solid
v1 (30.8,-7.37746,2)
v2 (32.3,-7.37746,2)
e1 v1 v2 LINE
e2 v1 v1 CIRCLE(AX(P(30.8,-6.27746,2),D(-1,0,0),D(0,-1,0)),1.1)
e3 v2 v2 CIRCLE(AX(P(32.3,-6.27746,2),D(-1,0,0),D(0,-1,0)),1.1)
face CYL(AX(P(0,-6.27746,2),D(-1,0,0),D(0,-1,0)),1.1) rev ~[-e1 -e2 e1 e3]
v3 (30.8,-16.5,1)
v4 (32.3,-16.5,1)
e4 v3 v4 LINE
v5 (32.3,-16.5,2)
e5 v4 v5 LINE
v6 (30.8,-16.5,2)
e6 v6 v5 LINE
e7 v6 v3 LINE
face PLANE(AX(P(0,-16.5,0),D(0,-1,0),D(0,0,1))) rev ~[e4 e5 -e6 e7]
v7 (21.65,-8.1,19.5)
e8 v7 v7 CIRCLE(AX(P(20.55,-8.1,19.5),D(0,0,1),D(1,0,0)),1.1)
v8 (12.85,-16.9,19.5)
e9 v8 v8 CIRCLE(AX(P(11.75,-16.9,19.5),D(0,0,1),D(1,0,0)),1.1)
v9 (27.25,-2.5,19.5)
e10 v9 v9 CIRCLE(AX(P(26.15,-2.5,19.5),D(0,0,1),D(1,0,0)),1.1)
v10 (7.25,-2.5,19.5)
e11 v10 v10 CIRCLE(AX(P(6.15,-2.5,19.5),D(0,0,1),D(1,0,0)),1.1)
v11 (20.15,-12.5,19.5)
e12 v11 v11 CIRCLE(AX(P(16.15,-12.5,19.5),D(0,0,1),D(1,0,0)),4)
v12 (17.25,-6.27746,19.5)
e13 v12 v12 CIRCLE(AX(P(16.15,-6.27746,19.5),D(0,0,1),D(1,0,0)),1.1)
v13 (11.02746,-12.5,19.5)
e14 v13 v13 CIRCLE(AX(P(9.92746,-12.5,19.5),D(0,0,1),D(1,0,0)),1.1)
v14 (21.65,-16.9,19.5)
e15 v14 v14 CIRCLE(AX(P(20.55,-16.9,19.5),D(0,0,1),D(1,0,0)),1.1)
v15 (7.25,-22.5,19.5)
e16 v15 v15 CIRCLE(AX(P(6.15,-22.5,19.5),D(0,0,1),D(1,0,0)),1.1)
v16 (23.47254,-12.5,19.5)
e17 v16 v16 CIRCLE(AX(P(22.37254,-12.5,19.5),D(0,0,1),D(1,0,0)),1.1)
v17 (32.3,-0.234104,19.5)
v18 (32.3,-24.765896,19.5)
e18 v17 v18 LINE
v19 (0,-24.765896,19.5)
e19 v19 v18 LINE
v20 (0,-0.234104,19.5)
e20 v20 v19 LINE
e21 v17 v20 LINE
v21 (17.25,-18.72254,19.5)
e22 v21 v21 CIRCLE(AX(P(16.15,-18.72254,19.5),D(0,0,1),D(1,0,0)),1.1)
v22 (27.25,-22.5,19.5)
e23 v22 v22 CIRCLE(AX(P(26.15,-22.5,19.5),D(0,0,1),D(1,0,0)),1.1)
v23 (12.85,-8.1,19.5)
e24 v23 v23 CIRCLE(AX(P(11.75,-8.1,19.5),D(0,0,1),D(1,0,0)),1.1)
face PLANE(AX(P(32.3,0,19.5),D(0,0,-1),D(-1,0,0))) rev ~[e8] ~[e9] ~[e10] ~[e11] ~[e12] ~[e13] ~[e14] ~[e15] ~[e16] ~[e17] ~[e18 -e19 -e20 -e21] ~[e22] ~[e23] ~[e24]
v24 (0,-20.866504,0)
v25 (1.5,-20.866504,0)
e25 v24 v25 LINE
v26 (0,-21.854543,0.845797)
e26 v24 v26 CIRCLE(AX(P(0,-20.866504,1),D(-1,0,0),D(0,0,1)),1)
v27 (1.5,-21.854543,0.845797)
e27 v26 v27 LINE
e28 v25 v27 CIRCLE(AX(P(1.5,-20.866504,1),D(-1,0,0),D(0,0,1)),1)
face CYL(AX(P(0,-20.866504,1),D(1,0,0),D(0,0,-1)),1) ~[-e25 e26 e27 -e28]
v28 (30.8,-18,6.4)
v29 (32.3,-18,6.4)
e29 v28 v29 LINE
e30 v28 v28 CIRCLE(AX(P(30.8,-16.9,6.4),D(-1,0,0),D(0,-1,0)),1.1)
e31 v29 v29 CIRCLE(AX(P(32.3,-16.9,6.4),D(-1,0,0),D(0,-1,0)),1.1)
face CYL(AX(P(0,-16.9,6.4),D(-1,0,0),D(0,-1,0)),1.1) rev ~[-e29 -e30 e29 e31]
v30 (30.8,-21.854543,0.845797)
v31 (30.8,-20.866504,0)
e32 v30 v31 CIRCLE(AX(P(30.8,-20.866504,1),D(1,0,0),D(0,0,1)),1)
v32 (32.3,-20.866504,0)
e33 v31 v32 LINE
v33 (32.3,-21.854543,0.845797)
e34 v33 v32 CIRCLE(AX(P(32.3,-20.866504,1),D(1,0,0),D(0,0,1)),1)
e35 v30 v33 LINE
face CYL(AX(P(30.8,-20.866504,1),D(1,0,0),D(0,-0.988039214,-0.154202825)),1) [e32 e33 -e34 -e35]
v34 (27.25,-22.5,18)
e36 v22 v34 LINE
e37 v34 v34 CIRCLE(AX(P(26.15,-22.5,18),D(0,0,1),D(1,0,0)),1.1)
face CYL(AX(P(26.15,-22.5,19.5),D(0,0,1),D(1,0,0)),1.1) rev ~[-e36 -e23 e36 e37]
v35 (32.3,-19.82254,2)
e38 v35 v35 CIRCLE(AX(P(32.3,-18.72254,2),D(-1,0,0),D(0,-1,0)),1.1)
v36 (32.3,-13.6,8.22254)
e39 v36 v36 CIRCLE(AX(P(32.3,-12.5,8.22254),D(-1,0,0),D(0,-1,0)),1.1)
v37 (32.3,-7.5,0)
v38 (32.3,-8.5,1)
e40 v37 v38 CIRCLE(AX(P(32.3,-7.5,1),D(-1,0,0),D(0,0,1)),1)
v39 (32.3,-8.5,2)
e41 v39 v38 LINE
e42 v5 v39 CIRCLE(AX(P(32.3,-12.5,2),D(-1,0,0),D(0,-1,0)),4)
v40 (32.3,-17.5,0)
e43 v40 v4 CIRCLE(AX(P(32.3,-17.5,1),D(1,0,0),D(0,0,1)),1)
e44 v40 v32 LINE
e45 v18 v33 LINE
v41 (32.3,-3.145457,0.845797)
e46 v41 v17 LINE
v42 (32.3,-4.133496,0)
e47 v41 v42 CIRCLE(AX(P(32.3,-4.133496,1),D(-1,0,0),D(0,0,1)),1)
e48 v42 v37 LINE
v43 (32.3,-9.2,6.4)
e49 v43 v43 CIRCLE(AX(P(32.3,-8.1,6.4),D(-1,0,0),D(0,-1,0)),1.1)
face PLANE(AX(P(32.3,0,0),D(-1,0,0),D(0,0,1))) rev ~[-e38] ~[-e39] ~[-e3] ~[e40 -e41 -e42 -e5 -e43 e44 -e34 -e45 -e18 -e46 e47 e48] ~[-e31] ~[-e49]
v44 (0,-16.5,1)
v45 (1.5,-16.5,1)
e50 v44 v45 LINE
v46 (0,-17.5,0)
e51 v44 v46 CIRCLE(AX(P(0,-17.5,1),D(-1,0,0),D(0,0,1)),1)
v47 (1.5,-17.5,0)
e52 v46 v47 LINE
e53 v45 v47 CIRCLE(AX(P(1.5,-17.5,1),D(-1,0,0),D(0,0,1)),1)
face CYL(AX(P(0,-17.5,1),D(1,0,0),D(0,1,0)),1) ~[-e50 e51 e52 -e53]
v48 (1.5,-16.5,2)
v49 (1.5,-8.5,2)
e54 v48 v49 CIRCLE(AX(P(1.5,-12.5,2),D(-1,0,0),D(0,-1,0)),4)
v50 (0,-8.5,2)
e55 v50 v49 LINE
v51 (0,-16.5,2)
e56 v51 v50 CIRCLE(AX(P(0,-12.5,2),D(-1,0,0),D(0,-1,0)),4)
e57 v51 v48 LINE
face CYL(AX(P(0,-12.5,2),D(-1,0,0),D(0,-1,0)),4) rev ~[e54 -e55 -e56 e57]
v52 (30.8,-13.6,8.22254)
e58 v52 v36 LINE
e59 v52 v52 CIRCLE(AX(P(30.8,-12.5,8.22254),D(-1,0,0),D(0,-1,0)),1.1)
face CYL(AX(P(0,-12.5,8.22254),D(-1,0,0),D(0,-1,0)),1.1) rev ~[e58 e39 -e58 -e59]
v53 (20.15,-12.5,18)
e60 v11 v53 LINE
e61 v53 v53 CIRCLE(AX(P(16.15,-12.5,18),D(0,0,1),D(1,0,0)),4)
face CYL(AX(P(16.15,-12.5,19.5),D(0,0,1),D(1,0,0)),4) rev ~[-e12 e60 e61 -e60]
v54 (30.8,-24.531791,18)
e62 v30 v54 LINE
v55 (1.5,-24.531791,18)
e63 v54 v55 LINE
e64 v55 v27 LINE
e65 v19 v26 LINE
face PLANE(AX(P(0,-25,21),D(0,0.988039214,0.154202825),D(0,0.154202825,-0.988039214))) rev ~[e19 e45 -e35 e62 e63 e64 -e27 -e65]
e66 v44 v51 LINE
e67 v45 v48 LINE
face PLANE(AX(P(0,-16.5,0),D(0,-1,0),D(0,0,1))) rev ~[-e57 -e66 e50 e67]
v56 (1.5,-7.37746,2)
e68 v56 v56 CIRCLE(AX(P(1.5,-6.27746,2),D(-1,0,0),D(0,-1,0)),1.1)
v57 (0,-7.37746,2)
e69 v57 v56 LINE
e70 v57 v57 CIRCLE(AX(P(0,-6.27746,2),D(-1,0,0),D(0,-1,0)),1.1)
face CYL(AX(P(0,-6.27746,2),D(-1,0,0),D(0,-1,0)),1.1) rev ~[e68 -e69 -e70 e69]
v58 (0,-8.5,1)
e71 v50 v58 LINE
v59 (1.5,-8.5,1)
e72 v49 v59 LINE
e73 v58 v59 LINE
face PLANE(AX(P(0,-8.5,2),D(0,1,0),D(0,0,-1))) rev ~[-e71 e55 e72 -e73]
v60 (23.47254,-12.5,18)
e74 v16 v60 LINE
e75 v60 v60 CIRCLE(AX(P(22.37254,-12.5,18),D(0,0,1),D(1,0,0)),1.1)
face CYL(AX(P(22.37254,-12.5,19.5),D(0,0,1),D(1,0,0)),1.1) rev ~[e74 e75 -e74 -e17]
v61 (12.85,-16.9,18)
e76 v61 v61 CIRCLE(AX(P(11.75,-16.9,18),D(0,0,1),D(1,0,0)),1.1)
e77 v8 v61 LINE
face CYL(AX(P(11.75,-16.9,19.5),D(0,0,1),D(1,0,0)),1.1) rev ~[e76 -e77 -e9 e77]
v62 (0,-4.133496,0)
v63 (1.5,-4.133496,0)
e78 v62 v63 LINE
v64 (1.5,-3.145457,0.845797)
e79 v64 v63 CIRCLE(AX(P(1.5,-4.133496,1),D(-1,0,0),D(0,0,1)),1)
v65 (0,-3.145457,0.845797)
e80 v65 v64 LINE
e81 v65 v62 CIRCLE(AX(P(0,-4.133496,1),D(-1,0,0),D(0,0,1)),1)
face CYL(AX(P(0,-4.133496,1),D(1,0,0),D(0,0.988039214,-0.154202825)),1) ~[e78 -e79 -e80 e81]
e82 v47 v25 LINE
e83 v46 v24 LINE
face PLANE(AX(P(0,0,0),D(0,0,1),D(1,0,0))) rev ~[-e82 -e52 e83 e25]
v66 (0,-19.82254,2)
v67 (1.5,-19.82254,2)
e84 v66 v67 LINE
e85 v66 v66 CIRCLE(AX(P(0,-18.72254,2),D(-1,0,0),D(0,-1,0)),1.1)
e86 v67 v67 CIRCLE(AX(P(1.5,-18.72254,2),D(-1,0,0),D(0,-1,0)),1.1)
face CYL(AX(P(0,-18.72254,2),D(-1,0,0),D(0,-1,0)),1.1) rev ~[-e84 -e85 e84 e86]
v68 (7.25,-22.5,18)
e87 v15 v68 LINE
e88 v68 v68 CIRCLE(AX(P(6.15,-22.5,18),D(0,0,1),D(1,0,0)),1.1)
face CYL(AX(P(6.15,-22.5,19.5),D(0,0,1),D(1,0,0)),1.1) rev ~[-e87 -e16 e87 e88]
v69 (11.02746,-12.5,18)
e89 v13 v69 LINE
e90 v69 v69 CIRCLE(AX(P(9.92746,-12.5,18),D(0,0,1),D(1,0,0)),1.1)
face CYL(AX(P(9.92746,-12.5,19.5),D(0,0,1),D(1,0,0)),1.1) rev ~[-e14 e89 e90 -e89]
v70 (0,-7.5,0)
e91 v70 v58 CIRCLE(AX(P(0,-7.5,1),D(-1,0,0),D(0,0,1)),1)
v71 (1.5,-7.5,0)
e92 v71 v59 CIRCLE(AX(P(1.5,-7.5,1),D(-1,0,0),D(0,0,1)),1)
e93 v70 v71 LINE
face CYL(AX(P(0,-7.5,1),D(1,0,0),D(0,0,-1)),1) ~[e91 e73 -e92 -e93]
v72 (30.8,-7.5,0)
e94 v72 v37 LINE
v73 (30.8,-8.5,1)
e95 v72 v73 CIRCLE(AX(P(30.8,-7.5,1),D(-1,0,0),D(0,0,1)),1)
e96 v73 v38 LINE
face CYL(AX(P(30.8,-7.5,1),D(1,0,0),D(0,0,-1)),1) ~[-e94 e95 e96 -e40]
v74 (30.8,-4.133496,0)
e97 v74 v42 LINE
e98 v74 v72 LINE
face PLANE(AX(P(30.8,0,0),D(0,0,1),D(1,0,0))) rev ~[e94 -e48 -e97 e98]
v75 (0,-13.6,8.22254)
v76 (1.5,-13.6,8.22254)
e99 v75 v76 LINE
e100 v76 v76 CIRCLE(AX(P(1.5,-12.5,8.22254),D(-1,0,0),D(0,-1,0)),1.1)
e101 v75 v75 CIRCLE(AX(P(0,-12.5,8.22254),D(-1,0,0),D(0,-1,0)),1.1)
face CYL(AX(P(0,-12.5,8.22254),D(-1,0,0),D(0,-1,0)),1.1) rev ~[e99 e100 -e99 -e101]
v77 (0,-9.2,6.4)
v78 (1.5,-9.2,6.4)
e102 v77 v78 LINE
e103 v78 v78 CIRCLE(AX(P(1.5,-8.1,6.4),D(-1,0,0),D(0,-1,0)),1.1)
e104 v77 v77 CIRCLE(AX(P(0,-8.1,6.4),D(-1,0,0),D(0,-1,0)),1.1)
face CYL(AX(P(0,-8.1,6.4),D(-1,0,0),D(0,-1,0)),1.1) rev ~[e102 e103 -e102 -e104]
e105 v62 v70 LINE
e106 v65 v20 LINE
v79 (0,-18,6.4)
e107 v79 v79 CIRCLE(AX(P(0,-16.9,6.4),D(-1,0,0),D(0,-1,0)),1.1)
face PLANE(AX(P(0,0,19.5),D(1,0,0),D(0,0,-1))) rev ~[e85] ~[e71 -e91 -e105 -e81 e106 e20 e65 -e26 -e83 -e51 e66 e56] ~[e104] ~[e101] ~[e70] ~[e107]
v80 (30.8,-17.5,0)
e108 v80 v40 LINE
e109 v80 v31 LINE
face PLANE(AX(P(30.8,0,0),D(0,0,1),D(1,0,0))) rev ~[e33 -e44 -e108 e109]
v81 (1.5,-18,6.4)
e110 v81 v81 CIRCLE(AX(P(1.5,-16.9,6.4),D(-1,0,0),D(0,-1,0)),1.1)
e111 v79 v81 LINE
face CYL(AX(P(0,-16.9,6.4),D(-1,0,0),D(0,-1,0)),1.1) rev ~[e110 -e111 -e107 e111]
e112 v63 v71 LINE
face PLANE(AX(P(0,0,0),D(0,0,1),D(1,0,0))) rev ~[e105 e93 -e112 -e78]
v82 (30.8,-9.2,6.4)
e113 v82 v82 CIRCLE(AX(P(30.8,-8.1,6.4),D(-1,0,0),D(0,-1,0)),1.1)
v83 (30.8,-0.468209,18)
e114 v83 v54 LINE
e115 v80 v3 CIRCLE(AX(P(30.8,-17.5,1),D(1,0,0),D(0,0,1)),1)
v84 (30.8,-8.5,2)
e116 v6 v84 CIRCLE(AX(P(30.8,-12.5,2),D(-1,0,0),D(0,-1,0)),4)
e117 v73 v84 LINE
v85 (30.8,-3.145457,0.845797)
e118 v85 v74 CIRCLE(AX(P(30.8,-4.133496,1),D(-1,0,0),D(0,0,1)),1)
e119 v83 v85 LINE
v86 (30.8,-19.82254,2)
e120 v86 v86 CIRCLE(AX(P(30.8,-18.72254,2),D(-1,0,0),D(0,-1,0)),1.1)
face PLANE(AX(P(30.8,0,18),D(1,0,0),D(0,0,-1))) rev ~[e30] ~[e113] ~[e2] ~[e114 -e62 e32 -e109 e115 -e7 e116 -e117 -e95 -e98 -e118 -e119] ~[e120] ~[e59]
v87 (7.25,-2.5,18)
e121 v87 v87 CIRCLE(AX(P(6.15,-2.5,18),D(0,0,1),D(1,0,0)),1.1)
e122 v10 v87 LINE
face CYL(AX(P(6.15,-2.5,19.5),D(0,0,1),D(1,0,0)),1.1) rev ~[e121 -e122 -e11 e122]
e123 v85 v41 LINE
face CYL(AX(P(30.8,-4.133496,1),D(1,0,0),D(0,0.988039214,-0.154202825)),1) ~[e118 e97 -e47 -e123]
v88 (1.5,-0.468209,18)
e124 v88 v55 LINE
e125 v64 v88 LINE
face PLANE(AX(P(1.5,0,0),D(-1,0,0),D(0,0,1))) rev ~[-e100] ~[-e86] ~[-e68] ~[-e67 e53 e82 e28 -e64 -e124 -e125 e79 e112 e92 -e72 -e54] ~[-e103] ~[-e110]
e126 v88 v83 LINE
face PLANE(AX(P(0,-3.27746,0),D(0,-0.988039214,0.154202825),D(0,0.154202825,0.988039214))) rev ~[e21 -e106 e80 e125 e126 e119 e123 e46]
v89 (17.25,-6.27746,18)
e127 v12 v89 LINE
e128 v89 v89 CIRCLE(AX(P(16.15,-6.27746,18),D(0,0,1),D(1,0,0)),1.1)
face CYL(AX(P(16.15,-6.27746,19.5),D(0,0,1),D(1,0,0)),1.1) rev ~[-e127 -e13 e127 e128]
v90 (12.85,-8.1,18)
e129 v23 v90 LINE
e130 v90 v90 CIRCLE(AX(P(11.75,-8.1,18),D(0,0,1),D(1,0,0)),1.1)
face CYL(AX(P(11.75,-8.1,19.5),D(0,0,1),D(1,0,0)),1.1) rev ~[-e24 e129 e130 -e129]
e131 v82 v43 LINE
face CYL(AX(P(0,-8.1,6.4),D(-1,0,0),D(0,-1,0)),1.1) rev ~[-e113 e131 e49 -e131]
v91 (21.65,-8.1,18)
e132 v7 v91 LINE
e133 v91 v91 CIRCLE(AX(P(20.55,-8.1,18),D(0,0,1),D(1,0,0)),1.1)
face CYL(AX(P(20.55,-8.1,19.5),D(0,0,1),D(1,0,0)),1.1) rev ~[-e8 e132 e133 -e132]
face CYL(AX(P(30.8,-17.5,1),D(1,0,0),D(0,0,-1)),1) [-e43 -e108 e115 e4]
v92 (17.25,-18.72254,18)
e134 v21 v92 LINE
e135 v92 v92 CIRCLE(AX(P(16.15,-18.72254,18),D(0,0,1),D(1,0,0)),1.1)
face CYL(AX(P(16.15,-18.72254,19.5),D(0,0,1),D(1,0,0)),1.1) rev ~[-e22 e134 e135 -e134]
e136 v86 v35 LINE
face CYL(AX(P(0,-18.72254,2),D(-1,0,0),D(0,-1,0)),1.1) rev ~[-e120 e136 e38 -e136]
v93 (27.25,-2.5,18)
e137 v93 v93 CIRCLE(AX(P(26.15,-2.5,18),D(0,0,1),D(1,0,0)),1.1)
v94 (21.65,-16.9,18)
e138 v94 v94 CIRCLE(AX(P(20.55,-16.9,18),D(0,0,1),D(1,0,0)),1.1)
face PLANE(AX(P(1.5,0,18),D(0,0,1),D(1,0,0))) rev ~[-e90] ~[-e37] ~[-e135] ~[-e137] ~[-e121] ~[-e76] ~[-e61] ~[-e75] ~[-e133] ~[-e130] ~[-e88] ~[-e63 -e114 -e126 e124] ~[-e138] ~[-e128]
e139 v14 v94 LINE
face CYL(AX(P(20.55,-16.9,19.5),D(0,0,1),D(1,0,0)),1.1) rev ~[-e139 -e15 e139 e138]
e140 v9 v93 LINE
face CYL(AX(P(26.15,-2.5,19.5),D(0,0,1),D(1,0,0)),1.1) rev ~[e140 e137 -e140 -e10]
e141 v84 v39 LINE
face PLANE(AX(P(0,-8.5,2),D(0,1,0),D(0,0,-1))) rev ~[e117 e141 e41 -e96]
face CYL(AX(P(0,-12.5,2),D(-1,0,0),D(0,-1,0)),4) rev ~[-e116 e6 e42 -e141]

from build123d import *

# Parameters (mm, degrees)
F1_DEPTH = 25
F2_R     = 1.1
F3_DEPTH = 32.301
F4_R     = 1.1
F4_R_2   = 4
F5_DEPTH = 1.5
F6_R     = 1


with BuildPart() as f1:
    # F0 (on Front) → F1 (new body)
    with BuildSketch(Plane.XZ):
        Polygon((0, 19.5), (0, 0), (1.5, 0), (1.5, 18), (30.8, 18), (30.8, 0), (32.3, 0), (32.3, 19.5), align=None)
    extrude(amount=F1_DEPTH)

    # F2 (on face) → F3 (cut, through all)
    with BuildSketch(Plane(origin=(0, 0, 0), x_dir=(0, -1, 0), z_dir=(-1, 0, 0))):
        with BuildLine():
            Line((16.5, 0), (16.5, 2))
            ThreePointArc((16.5, 2), (12.5, 6), (8.5, 2))
            Line((8.5, 2), (8.5, 0))
            Line((8.5, 0), (16.5, 0))
        make_face()
        with Locations((18.7225396744, 2)):
            Circle(F2_R)
        with Locations((16.9, 6.4)):
            Circle(F2_R)
        with Locations((12.5, 8.2225396744)):
            Circle(F2_R)
        with Locations((8.1, 6.4)):
            Circle(F2_R)
        with Locations((6.2774603256, 2)):
            Circle(F2_R)
        Polygon((0, 0), (3.2774603256, 0), (0, 21), align=None)
        Polygon((21.7225396744, 0), (25, 0), (25, 21), align=None)
    extrude(amount=-F3_DEPTH, mode=Mode.SUBTRACT)

    # F4 (on face) → F5 (cut, through all)
    with BuildSketch(Plane.XY.offset(19.5)):
        with Locations((6.15, -2.5)):
            Circle(F4_R)
        with Locations((26.15, -2.5)):
            Circle(F4_R)
        with Locations((6.15, -22.5)):
            Circle(F4_R)
        with Locations((26.15, -22.5)):
            Circle(F4_R)
        with Locations((16.15, -12.5)):
            Circle(F4_R_2)
        with Locations((11.75, -8.1)):
            Circle(F4_R)
        with Locations((9.9274603256, -12.5)):
            Circle(F4_R)
        with Locations((11.75, -16.9)):
            Circle(F4_R)
        with Locations((16.15, -18.7225396744)):
            Circle(F4_R)
        with Locations((20.55, -16.9)):
            Circle(F4_R)
        with Locations((22.3725396744, -12.5)):
            Circle(F4_R)
        with Locations((20.55, -8.1)):
            Circle(F4_R)
        with Locations((16.15, -6.2774603256)):
            Circle(F4_R)
    extrude(amount=-F5_DEPTH, mode=Mode.SUBTRACT)

    # F6
    f6_edges = [f1.edges().sort_by_distance(p)[0] for p in [
        (31.55, -3.27746, 0),
        (0.75, -3.27746, 0),
        (0.75, -8.5, 0),
        (31.55, -8.5, 0),
        (0.75, -16.5, 0),
        (31.55, -16.5, 0),
        (0.75, -21.72254, 0),
        (31.55, -21.72254, 0),
    ]]
    fillet(f6_edges, radius=F6_R)


solid = f1.part
